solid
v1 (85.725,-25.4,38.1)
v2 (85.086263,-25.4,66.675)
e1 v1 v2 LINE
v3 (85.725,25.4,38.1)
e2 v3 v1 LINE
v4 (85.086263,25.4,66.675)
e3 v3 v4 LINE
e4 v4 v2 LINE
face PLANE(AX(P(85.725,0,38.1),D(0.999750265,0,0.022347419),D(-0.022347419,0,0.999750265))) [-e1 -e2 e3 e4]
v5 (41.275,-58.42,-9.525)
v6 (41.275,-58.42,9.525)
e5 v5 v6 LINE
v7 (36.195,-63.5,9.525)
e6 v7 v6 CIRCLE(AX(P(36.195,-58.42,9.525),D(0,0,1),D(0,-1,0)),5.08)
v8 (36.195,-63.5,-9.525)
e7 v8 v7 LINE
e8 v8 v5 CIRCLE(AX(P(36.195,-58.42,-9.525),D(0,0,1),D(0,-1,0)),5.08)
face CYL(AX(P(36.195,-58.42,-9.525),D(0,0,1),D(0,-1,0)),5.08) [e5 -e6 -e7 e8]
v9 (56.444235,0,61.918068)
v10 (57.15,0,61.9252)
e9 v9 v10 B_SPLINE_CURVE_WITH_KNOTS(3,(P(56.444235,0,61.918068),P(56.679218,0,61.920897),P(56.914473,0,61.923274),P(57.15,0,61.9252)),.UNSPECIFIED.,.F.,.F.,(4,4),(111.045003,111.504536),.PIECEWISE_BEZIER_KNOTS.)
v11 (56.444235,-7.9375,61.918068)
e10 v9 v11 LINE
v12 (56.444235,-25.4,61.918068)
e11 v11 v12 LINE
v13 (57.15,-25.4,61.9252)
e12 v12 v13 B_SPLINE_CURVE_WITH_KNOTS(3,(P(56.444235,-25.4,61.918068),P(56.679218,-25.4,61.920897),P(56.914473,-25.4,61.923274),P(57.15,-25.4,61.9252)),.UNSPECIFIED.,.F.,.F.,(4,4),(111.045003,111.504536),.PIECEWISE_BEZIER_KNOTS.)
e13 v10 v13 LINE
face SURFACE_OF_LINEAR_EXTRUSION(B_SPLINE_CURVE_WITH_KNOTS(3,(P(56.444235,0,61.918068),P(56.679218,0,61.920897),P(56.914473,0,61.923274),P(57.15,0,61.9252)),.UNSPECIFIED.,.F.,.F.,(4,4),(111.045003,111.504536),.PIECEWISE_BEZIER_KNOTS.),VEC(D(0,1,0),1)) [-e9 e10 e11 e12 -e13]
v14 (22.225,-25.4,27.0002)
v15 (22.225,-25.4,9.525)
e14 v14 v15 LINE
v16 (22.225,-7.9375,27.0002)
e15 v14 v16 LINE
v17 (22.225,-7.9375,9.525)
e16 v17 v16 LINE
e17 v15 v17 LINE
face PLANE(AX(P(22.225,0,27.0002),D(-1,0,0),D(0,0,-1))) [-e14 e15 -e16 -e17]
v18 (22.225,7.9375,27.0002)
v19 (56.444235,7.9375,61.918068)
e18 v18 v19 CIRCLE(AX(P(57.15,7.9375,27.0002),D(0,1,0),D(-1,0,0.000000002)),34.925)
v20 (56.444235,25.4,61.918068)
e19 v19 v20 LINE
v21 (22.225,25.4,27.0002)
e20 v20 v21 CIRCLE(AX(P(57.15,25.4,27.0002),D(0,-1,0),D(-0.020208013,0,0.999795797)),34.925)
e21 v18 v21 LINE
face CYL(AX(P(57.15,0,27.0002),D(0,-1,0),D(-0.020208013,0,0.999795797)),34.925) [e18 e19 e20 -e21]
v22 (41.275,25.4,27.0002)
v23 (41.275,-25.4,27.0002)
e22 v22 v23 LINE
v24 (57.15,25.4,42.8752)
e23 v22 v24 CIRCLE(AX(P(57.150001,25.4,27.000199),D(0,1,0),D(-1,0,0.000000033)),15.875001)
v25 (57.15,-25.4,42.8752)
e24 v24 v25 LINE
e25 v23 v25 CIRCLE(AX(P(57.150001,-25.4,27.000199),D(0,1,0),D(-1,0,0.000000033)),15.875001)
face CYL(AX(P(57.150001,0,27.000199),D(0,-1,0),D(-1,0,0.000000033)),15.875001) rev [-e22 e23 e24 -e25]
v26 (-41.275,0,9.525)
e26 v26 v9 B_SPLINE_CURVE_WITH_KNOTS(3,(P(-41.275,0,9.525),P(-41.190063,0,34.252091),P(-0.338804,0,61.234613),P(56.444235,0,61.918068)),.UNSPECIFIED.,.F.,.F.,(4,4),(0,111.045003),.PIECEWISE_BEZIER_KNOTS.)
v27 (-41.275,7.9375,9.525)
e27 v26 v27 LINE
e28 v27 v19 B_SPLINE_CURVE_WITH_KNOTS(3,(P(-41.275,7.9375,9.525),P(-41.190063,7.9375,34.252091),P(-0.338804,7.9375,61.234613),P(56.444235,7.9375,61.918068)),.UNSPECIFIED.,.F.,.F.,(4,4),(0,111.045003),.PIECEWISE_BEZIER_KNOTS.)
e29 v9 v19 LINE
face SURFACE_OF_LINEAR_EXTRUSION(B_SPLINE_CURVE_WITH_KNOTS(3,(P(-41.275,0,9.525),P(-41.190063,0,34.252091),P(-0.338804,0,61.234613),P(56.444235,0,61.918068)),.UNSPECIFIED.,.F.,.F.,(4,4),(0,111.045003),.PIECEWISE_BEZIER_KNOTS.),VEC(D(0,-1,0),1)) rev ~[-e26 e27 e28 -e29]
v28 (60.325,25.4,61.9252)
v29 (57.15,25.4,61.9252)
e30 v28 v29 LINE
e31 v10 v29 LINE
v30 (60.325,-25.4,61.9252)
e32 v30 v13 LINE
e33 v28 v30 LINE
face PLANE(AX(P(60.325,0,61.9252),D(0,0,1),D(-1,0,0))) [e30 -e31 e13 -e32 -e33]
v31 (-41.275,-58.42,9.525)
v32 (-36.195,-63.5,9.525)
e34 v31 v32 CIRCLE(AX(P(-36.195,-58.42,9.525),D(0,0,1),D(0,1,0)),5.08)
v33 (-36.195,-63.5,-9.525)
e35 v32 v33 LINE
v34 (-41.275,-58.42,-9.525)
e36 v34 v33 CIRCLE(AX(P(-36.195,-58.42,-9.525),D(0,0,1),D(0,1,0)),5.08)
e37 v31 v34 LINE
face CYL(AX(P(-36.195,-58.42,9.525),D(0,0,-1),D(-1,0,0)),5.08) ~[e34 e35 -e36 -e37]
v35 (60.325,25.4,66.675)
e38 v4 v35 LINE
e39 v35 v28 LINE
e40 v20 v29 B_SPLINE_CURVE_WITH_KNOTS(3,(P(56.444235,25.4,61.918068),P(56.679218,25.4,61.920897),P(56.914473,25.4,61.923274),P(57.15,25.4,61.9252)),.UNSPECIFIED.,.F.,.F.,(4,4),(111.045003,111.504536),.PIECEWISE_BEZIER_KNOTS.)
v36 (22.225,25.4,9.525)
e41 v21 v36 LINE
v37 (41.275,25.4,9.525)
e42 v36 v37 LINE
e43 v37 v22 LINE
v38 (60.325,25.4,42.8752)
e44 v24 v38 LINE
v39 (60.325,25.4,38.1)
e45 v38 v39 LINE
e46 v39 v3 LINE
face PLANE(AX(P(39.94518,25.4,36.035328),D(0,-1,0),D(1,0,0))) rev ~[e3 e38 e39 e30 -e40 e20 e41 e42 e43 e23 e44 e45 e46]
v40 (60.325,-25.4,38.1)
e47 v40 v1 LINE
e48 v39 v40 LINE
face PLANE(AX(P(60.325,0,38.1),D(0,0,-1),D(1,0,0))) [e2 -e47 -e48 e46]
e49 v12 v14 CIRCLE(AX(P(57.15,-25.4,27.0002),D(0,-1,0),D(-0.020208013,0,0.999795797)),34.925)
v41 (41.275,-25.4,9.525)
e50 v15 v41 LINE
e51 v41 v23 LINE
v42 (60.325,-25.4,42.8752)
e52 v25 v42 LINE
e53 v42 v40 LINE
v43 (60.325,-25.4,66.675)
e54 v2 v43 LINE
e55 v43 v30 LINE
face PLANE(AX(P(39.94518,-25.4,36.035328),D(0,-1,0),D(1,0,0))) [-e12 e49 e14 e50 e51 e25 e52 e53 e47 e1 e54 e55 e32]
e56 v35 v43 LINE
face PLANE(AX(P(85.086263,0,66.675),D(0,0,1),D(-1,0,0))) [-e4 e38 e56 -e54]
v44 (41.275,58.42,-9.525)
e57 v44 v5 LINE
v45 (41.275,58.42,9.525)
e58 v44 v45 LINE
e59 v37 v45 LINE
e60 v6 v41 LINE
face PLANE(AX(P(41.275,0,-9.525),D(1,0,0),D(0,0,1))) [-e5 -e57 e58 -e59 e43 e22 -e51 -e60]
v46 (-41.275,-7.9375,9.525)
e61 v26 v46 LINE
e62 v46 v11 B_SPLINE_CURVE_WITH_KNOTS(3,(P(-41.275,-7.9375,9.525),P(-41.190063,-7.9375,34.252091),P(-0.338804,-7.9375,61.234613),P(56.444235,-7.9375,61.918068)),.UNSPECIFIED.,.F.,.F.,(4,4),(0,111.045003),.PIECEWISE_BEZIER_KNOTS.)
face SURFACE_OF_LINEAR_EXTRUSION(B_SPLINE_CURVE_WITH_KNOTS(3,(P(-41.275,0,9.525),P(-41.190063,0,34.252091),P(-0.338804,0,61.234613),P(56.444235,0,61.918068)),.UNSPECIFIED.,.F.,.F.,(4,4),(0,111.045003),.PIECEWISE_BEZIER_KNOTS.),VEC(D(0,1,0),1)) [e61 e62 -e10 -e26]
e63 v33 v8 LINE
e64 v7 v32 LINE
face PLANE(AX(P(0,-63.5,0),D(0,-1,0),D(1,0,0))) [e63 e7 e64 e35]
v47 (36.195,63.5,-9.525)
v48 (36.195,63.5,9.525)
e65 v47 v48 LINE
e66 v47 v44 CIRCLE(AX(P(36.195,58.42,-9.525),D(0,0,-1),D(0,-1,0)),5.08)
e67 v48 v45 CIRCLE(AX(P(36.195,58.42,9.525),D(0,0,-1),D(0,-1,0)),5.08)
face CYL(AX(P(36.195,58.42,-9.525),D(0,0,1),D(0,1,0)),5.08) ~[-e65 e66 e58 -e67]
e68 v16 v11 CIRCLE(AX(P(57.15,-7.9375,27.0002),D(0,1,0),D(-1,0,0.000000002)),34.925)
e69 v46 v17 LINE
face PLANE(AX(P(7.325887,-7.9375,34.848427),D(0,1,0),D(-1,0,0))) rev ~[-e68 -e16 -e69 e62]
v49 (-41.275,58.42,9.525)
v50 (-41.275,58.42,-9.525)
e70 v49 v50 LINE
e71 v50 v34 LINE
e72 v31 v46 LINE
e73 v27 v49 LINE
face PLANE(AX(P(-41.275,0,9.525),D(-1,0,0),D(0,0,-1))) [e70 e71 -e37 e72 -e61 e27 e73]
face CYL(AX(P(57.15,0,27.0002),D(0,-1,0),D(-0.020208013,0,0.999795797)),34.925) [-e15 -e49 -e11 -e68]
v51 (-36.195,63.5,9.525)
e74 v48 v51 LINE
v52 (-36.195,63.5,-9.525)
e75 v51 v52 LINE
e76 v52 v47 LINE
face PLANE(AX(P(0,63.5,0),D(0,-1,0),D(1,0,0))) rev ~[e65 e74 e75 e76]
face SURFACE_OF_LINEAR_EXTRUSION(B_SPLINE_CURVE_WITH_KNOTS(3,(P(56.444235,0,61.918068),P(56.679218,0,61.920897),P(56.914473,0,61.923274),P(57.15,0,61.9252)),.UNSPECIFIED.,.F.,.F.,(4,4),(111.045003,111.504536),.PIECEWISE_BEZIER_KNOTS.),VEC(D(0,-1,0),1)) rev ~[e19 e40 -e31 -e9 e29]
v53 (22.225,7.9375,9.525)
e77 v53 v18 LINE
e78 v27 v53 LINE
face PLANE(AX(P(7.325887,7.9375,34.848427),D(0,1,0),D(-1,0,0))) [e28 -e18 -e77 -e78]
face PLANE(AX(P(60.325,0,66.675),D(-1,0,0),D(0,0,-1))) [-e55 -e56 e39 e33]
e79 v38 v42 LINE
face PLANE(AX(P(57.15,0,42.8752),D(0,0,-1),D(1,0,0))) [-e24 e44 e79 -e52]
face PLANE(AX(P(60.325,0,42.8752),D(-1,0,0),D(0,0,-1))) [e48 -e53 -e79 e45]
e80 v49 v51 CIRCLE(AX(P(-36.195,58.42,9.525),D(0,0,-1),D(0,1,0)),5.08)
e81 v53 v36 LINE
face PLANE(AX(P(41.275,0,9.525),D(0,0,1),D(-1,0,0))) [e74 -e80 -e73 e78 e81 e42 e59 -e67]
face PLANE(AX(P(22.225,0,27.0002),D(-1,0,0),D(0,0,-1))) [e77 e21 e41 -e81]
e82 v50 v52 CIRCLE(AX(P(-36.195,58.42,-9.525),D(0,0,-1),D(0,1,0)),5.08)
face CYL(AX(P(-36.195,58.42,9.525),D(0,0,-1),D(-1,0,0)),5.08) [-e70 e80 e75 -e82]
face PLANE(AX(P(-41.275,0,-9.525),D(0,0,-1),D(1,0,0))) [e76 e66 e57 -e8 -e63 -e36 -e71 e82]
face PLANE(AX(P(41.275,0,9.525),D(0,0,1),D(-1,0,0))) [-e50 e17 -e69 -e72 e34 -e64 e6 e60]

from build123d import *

# Parameters (mm, degrees)
F1_DEPTH = 63.5
F2_DEPTH = 25.4
F3_DEPTH = 7.9375
F4_R     = 5.08


with BuildPart() as f1:
    # F0 (on Front) → F1 (new body, symmetric)
    with BuildSketch(Plane.XZ):
        Polygon((-41.275, 9.525), (-41.275, -9.525), (41.275, -9.525), (41.275, 9.525), (22.225, 9.525), align=None)
    extrude(amount=F1_DEPTH, both=True)

    # F0 (on Front) → F2 (join, symmetric)
    with BuildSketch(Plane.XZ):
        with BuildLine():
            Line((22.225, 9.525), (41.275, 9.525))
            Line((41.275, 9.525), (41.275, 27.0002))
            ThreePointArc((41.275, 27.0002), (45.92468, 38.22552), (57.15, 42.8752))
            Line((57.15, 42.8752), (60.325, 42.8752))
            Line((60.325, 42.8752), (60.325, 61.9252))
            Line((60.325, 61.9252), (57.15, 61.9252))
            add(Edge.make_bspline(
                [(56.444235, 61.918068), (56.679218, 61.920897), (56.914473, 61.923274), (57.15, 61.9252)],
                knots=[111.045003, 111.045003, 111.045003, 111.045003, 111.504536, 111.504536, 111.504536, 111.504536], degree=3))
            ThreePointArc((56.444235, 61.918068), (32.206018, 51.445105), (22.225, 27.0002))
            Line((22.225, 27.0002), (22.225, 9.525))
        make_face()
        Polygon((60.325, 66.675), (60.325, 61.9252), (60.325, 42.8752), (60.325, 38.1), (85.725, 38.1), (85.086263, 66.675), align=None)
    extrude(amount=F2_DEPTH, both=True)

    # F0 (on Front) → F3 (join, symmetric)
    with BuildSketch(Plane.XZ):
        with BuildLine():
            add(Edge.make_bspline(
                [(-41.275, 9.525), (-41.190063, 34.252091), (-0.338804, 61.234613), (56.444235, 61.918068)],
                knots=[0, 0, 0, 0, 111.045003, 111.045003, 111.045003, 111.045003], degree=3))
            Line((-41.275, 9.525), (22.225, 9.525))
            Line((22.225, 9.525), (22.225, 27.0002))
            ThreePointArc((22.225, 27.0002), (32.206018, 51.445105), (56.444235, 61.918068))
        make_face()
    extrude(amount=F3_DEPTH, both=True)

    # F4
    f4_edges = [f1.edges().sort_by_distance(p)[0] for p in [
        (41.275, -63.5, 0),
        (-41.275, -63.5, 0),
        (41.275, 63.5, 0),
        (-41.275, 63.5, 0),
    ]]
    fillet(f4_edges, radius=F4_R)


solid = f1.part
